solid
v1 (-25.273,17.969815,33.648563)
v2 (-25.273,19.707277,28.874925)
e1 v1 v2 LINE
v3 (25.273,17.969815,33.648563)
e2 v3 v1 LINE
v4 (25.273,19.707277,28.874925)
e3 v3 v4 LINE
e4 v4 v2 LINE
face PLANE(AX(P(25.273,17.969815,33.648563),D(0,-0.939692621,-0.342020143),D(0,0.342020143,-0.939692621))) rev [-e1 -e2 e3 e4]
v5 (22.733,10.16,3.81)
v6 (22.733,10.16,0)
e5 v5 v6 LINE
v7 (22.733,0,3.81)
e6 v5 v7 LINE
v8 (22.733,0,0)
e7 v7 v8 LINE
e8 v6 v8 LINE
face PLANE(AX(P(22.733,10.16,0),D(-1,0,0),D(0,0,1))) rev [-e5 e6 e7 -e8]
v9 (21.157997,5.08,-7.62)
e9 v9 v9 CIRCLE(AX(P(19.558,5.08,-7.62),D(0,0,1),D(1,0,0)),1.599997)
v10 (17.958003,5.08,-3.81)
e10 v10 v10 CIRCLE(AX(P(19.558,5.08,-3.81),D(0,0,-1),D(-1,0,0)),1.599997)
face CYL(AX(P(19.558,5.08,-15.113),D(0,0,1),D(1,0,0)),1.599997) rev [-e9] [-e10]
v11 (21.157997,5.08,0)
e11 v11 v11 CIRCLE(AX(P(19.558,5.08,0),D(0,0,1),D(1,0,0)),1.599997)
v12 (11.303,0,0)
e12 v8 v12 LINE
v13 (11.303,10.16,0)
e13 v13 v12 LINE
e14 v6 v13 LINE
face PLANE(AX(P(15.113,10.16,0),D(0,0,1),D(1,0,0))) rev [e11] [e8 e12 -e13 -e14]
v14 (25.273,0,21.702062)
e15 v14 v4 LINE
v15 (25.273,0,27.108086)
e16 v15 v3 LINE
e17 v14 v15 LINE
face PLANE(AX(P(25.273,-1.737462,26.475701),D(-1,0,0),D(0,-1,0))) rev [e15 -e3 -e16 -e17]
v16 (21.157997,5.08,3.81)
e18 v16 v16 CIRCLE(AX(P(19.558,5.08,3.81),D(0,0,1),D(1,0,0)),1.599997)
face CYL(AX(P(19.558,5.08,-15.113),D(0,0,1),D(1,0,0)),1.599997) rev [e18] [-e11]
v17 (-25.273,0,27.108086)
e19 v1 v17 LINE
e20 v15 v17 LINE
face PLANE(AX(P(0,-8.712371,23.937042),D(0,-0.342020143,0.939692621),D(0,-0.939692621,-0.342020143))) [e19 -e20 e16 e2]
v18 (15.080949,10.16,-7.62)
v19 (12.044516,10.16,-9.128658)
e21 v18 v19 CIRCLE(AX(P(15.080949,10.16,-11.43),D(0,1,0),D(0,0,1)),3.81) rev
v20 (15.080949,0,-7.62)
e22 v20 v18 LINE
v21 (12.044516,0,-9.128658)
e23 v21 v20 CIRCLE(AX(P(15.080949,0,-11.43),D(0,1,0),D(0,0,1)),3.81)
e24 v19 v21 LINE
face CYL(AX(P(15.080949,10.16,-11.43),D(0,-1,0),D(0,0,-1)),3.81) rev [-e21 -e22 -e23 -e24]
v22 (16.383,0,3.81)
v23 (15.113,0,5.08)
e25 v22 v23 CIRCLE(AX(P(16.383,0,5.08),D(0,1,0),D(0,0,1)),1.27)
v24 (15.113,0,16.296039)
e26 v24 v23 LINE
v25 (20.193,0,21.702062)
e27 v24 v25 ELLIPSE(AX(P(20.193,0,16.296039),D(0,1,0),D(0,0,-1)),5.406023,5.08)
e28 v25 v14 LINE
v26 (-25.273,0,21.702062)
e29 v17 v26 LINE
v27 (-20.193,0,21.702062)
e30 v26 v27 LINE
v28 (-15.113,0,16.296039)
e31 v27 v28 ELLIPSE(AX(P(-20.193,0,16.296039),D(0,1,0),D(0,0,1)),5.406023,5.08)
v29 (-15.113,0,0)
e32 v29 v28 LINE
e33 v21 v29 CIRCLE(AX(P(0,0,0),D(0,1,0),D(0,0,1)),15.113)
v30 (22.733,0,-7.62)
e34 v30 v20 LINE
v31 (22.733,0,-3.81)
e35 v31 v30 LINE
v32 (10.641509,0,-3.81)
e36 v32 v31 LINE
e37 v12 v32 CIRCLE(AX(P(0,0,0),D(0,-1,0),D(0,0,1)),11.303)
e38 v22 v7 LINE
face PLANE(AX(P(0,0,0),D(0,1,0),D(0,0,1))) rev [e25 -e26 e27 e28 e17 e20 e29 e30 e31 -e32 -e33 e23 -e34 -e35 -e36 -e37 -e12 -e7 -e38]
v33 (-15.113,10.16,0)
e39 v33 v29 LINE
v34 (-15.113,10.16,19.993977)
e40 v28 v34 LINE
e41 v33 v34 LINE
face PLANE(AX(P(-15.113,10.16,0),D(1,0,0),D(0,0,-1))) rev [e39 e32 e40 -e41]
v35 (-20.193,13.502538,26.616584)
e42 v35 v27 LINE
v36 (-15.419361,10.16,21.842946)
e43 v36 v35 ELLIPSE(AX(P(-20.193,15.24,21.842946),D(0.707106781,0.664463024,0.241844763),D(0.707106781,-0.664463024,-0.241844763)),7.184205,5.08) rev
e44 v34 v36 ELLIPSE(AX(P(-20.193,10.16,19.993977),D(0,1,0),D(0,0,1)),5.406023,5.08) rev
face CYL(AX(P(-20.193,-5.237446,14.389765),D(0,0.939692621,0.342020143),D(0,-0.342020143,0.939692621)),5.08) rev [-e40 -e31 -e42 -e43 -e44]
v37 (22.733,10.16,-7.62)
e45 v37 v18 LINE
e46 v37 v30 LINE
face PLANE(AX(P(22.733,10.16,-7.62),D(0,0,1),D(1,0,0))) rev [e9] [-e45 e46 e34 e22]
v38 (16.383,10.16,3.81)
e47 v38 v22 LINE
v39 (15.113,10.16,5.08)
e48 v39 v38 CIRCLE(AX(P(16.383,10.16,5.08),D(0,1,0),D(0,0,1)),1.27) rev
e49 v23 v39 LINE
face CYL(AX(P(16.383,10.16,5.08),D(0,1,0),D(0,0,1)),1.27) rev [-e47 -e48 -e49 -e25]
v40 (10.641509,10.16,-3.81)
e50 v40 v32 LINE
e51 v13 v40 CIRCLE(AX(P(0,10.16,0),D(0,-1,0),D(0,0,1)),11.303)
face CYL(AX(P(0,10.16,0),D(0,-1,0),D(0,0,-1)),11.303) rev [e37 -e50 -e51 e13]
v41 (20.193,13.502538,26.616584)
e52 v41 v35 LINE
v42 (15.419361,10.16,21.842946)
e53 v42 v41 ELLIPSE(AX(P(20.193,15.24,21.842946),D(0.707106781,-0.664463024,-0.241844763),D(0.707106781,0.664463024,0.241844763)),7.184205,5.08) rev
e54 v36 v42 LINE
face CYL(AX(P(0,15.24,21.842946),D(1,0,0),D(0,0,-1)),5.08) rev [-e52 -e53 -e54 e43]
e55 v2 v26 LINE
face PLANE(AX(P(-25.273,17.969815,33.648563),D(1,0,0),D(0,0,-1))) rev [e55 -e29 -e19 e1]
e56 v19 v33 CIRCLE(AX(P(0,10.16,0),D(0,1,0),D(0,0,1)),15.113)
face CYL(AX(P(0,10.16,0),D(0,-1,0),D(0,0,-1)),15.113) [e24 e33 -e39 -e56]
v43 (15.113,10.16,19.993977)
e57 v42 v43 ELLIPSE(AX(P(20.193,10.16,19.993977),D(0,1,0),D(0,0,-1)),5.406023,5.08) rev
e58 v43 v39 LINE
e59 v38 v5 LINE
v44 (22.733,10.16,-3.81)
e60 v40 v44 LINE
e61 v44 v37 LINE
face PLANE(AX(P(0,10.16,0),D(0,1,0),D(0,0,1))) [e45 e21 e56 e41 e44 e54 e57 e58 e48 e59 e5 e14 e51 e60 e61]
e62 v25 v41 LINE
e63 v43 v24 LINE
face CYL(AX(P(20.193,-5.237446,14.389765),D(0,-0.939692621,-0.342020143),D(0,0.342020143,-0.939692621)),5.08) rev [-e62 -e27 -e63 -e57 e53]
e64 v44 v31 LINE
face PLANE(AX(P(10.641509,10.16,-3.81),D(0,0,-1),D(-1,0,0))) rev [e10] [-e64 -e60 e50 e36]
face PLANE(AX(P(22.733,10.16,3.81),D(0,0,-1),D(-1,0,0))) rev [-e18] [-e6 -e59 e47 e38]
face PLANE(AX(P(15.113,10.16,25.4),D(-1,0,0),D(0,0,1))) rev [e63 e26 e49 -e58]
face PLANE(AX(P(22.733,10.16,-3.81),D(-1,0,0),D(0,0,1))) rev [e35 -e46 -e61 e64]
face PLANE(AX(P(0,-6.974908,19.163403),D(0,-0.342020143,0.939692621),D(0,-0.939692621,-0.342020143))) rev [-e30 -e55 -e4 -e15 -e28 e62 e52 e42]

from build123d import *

# Parameters (mm, degrees)
BOSS_EXTRUDE1_DEPTH = 10.16
CUT_EXTRUDE1_REACH  = 48.698
SKETCH3_W           = 50.546
SKETCH3_H           = 20.972046169
BOSS_EXTRUDE2_DEPTH = 5.08
CUT_EXTRUDE2_REACH  = 65.84
FILLET1_R           = 5.08
FILLET2_R           = 3.81
FILLET3_R           = 1.27
SKETCH5_R           = 1.5999968
CUT_EXTRUDE3_DEPTH  = 44.788596105


with BuildPart() as part:
    # Sketch1 → Boss-Extrude1 (new body)
    with BuildSketch(Plane(origin=(0, 0, 0), x_dir=(1, 0, 0), z_dir=(0, 1, 0))):
        with BuildLine():
            Line((-15.113, 0), (-15.113, -25.4))
            Line((-15.113, -25.4), (15.113, -25.4))
            Line((15.113, -25.4), (15.113, -3.81))
            Line((15.113, -3.81), (22.733, -3.81))
            Line((22.733, -3.81), (22.733, 0))
            Line((22.733, 0), (15.113, 0))
            Line((15.113, 0), (11.303, 0))
            ThreePointArc((11.303, 0), (-11.136399388, -1.933498813), (10.641508775, 3.81))
            Line((10.641508775, 3.81), (22.733, 3.81))
            Line((22.733, 3.81), (22.733, 7.62))
            Line((22.733, 7.62), (13.051374219, 7.62))
            ThreePointArc((13.051374219, 7.62), (-3.946983052, 14.588491827), (-15.113, 0))
        make_face()
    extrude(amount=BOSS_EXTRUDE1_DEPTH)

    # Sketch2 → Cut-Extrude1 (cut, up to next)
    with BuildSketch(Plane.ZY.offset(15.113), mode=Mode.PRIVATE) as cut_extrude1_sk1:
        Polygon((25.4, 10.16), (21.70206242, 0), (25.4, 0), align=None)
    cut_extrude1_tool1 = extrude(cut_extrude1_sk1.sketch, amount=-CUT_EXTRUDE1_REACH, mode=Mode.PRIVATE) & part.part
    add(cut_extrude1_tool1.solids().sort_by_distance((-15.113, 3.386667, 24.167354))[0], mode=Mode.SUBTRACT)

    # Sketch3 → Boss-Extrude2 (add)
    with BuildSketch(Plane(origin=(0, -6.974908414, 19.16340337), x_dir=(1, 0, 0), z_dir=(0, -0.34202014332566916, 0.9396926207859082))):
        with Locations((0, 17.908565583)):
            Rectangle(SKETCH3_W, SKETCH3_H)
    extrude(amount=BOSS_EXTRUDE2_DEPTH)

    # Sketch4 → Cut-Extrude2 (cut, up to next)
    with BuildSketch(Plane.ZY.offset(25.273), mode=Mode.PRIVATE) as cut_extrude2_sk1:
        Polygon((27.108085504, 0), (26.475700933, -1.737462328), (21.70206242, 0), align=None)
    cut_extrude2_tool1 = extrude(cut_extrude2_sk1.sketch, amount=-CUT_EXTRUDE2_REACH, mode=Mode.PRIVATE) & part.part
    add(cut_extrude2_tool1.solids().sort_by_distance((-25.273, -0.579154, 25.095283))[0], mode=Mode.SUBTRACT)

    # Fillet1
    fillet1_edges = [part.edges().sort_by_distance(p)[0] for p in [
        (-15.113, 5.08, 23.55103121),
        (15.113, 5.08, 23.55103121),
        (0, 10.16, 25.4),
    ]]
    fillet(fillet1_edges, radius=FILLET1_R)

    # Fillet2
    fillet2_edges = [part.edges().sort_by_distance(p)[0] for p in [
        (13.051374219, 5.08, -7.62),
    ]]
    fillet(fillet2_edges, radius=FILLET2_R)

    # Fillet3
    fillet3_edges = [part.edges().sort_by_distance(p)[0] for p in [
        (15.113, 5.08, 3.81),
    ]]
    fillet(fillet3_edges, radius=FILLET3_R)

    # Sketch5 → Cut-Extrude3 (cut, through all)
    with BuildSketch(Plane.XY.offset(3.81)):
        with Locations((19.558, 5.08)):
            Circle(SKETCH5_R)
    extrude(amount=-CUT_EXTRUDE3_DEPTH, mode=Mode.SUBTRACT)


solid = part.part
